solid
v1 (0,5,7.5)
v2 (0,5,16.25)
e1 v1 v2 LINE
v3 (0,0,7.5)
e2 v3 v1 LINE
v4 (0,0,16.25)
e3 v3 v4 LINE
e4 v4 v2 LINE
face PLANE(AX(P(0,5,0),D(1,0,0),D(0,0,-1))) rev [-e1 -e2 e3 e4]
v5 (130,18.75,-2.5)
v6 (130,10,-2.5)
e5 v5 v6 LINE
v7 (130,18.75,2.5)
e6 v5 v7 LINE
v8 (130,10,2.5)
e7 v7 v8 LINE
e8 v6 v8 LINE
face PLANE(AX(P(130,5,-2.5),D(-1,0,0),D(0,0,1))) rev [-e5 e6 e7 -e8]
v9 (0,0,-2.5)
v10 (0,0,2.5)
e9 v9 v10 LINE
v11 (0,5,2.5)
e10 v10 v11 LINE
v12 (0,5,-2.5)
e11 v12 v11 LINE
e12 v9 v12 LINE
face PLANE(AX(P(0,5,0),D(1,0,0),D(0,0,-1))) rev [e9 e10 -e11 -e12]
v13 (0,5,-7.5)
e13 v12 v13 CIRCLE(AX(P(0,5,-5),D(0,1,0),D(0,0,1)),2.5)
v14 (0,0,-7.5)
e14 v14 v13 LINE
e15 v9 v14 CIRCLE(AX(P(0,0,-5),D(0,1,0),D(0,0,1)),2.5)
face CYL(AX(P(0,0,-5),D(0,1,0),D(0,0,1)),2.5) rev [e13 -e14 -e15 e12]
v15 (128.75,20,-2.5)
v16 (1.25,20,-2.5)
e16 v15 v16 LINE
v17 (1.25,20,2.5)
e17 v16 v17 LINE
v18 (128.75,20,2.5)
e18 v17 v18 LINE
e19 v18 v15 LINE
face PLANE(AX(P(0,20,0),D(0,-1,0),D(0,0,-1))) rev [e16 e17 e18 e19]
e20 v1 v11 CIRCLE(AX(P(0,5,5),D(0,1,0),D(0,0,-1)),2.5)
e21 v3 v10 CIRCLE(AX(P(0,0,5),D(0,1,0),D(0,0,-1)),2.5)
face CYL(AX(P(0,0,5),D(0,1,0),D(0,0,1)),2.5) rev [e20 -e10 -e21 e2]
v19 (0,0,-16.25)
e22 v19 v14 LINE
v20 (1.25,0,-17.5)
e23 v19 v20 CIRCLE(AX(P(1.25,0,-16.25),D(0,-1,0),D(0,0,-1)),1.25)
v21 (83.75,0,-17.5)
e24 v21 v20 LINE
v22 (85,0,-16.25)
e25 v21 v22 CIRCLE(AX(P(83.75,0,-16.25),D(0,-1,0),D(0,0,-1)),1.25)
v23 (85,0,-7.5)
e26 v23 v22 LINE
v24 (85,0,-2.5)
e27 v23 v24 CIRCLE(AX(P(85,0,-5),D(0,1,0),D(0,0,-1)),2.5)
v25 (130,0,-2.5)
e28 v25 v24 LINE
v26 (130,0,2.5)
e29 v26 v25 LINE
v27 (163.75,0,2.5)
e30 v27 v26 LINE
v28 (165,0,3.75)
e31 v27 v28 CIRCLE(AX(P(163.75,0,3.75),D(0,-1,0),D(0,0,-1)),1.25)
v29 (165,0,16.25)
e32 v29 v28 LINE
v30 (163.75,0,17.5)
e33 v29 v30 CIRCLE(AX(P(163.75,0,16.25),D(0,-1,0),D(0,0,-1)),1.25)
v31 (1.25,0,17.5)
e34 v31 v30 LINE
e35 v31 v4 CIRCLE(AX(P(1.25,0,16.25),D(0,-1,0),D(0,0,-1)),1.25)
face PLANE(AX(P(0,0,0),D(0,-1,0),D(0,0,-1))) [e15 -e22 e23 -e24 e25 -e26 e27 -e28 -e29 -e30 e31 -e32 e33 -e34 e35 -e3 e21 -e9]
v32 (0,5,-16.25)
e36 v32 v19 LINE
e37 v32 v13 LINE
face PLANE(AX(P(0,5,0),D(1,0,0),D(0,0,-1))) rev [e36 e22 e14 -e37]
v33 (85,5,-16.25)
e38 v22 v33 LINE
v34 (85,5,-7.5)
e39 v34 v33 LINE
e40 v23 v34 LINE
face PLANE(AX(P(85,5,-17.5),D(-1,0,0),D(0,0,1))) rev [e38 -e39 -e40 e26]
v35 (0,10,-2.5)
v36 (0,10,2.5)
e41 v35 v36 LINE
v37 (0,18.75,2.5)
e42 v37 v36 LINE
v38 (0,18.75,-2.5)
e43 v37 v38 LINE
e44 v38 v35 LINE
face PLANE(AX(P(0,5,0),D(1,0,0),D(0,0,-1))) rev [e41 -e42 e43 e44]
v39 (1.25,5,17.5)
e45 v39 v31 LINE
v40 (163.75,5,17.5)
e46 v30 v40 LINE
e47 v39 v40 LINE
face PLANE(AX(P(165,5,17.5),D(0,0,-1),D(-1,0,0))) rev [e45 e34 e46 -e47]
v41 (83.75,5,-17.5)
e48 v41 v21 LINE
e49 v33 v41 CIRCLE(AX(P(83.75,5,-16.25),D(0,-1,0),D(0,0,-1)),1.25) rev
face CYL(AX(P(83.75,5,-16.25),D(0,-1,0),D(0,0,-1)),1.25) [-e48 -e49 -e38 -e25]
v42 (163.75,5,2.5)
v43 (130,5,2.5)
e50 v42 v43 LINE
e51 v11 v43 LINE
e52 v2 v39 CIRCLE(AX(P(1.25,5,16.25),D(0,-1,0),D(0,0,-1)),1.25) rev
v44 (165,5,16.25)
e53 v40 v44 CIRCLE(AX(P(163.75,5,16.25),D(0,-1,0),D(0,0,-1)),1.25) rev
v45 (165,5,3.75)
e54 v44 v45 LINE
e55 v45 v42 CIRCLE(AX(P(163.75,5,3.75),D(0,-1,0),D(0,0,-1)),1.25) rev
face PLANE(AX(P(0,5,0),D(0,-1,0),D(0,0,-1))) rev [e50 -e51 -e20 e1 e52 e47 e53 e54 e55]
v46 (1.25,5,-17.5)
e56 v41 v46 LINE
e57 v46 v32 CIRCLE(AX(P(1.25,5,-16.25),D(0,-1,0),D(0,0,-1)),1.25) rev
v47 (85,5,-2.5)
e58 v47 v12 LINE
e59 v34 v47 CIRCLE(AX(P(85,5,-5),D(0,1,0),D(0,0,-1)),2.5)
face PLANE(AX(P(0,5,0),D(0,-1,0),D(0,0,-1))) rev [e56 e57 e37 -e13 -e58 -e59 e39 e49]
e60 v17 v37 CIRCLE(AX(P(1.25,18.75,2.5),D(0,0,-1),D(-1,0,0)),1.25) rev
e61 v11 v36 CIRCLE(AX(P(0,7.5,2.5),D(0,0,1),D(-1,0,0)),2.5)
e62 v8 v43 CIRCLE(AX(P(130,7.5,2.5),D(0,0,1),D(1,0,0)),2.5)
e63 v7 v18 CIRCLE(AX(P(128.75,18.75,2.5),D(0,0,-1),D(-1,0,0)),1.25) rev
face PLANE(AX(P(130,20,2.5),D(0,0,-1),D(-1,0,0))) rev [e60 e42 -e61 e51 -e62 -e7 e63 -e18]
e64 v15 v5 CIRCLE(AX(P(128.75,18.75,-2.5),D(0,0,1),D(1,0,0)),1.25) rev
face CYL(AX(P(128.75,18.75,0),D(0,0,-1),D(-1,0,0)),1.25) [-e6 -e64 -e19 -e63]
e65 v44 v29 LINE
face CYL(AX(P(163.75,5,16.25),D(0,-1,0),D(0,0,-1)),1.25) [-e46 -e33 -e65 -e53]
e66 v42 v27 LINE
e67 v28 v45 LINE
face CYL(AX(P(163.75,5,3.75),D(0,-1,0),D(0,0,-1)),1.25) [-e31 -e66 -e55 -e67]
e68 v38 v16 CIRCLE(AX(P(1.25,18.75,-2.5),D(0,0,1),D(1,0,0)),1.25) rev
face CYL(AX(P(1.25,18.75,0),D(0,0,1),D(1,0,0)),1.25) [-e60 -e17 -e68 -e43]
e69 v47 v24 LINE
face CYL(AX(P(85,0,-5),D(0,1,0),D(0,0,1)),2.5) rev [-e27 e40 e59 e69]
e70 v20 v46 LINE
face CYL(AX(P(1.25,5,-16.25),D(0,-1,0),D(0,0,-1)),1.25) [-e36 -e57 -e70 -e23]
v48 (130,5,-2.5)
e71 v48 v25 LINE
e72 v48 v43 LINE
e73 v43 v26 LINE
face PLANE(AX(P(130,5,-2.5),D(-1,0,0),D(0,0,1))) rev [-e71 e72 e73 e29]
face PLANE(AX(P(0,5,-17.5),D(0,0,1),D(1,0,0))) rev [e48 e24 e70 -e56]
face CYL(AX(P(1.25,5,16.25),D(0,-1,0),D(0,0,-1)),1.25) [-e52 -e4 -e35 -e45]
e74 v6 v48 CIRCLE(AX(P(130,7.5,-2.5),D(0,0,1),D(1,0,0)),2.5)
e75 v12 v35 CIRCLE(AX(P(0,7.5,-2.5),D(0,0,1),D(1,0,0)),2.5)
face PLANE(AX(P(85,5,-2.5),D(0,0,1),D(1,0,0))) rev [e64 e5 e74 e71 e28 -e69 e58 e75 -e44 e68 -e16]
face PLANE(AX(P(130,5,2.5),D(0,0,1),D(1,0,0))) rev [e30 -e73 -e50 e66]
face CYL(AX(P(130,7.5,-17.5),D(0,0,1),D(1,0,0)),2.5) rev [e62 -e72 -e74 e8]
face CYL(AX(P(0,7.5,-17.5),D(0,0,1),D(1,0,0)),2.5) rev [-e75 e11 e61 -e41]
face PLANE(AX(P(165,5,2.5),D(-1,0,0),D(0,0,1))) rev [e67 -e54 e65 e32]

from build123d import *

# Parameters (mm, degrees)
BASE_DEPTH                = 5
SKETCH2_W                 = 130
SKETCH2_H                 = 5
MIDDLE_EXTRUSION_DEPTH    = 15
FANCY_CUTOUT_DEPTH        = 167.602070815
FANCY_CUTOUT_MIDDLE_DEPTH = 168.406690428
OVERALL_FILLETS_R         = 1.25


with BuildPart() as part:
    # Sketch1 → base (new body)
    with BuildSketch(Plane(origin=(0, 0, 0), x_dir=(1, 0, 0), z_dir=(0, 1, 0))):
        Polygon((0, 0), (0, 17.5), (85, 17.5), (85, 2.5), (130, 2.5), (130, -2.5), (165, -2.5), (165, -17.5), (0, -17.5), align=None)
    extrude(amount=BASE_DEPTH)

    # Sketch2 → middle_extrusion (add)
    with BuildSketch(Plane(origin=(0, 5, 0), x_dir=(1, 0, 0), z_dir=(0, 1, 0))):
        with Locations((65, 0)):
            Rectangle(SKETCH2_W, SKETCH2_H)
    extrude(amount=MIDDLE_EXTRUSION_DEPTH)

    # Sketch3 → fancy_cutout (cut, through all)
    with BuildSketch(Plane(origin=(0, 5, 0), x_dir=(1, 0, 0), z_dir=(0, 1, 0))):
        with BuildLine():
            Line((0, -7.5), (0, -2.5))
            ThreePointArc((0, -2.5), (2.5, -5), (0, -7.5))
        make_face()
        with BuildLine():
            Line((0, 2.5), (0, 7.5))
            ThreePointArc((0, 7.5), (2.5, 5), (0, 2.5))
        make_face()
        with BuildLine():
            Line((85, 2.5), (85, 7.5))
            ThreePointArc((85, 7.5), (82.5, 5), (85, 2.5))
        make_face()
    extrude(amount=-FANCY_CUTOUT_DEPTH, mode=Mode.SUBTRACT)

    # Sketch4 → fancy_cutout_middle (cut, through all)
    with BuildSketch(Plane.XY.offset(2.5)):
        with BuildLine():
            Line((0, 5), (0, 10))
            ThreePointArc((0, 10), (2.5, 7.5), (0, 5))
        make_face()
        with BuildLine():
            Line((130, 5), (130, 10))
            ThreePointArc((130, 10), (127.5, 7.5), (130, 5))
        make_face()
    extrude(amount=-FANCY_CUTOUT_MIDDLE_DEPTH, mode=Mode.SUBTRACT)

    # overall_fillets
    overall_fillets_edges = [part.edges().sort_by_distance(p)[0] for p in [
        (0, 2.5, -17.5),
        (85, 2.5, -17.5),
        (165, 2.5, 2.5),
        (165, 2.5, 17.5),
        (0, 2.5, 17.5),
        (130, 20, 0),
        (0, 20, 0),
    ]]
    fillet(overall_fillets_edges, radius=OVERALL_FILLETS_R)


solid = part.part
